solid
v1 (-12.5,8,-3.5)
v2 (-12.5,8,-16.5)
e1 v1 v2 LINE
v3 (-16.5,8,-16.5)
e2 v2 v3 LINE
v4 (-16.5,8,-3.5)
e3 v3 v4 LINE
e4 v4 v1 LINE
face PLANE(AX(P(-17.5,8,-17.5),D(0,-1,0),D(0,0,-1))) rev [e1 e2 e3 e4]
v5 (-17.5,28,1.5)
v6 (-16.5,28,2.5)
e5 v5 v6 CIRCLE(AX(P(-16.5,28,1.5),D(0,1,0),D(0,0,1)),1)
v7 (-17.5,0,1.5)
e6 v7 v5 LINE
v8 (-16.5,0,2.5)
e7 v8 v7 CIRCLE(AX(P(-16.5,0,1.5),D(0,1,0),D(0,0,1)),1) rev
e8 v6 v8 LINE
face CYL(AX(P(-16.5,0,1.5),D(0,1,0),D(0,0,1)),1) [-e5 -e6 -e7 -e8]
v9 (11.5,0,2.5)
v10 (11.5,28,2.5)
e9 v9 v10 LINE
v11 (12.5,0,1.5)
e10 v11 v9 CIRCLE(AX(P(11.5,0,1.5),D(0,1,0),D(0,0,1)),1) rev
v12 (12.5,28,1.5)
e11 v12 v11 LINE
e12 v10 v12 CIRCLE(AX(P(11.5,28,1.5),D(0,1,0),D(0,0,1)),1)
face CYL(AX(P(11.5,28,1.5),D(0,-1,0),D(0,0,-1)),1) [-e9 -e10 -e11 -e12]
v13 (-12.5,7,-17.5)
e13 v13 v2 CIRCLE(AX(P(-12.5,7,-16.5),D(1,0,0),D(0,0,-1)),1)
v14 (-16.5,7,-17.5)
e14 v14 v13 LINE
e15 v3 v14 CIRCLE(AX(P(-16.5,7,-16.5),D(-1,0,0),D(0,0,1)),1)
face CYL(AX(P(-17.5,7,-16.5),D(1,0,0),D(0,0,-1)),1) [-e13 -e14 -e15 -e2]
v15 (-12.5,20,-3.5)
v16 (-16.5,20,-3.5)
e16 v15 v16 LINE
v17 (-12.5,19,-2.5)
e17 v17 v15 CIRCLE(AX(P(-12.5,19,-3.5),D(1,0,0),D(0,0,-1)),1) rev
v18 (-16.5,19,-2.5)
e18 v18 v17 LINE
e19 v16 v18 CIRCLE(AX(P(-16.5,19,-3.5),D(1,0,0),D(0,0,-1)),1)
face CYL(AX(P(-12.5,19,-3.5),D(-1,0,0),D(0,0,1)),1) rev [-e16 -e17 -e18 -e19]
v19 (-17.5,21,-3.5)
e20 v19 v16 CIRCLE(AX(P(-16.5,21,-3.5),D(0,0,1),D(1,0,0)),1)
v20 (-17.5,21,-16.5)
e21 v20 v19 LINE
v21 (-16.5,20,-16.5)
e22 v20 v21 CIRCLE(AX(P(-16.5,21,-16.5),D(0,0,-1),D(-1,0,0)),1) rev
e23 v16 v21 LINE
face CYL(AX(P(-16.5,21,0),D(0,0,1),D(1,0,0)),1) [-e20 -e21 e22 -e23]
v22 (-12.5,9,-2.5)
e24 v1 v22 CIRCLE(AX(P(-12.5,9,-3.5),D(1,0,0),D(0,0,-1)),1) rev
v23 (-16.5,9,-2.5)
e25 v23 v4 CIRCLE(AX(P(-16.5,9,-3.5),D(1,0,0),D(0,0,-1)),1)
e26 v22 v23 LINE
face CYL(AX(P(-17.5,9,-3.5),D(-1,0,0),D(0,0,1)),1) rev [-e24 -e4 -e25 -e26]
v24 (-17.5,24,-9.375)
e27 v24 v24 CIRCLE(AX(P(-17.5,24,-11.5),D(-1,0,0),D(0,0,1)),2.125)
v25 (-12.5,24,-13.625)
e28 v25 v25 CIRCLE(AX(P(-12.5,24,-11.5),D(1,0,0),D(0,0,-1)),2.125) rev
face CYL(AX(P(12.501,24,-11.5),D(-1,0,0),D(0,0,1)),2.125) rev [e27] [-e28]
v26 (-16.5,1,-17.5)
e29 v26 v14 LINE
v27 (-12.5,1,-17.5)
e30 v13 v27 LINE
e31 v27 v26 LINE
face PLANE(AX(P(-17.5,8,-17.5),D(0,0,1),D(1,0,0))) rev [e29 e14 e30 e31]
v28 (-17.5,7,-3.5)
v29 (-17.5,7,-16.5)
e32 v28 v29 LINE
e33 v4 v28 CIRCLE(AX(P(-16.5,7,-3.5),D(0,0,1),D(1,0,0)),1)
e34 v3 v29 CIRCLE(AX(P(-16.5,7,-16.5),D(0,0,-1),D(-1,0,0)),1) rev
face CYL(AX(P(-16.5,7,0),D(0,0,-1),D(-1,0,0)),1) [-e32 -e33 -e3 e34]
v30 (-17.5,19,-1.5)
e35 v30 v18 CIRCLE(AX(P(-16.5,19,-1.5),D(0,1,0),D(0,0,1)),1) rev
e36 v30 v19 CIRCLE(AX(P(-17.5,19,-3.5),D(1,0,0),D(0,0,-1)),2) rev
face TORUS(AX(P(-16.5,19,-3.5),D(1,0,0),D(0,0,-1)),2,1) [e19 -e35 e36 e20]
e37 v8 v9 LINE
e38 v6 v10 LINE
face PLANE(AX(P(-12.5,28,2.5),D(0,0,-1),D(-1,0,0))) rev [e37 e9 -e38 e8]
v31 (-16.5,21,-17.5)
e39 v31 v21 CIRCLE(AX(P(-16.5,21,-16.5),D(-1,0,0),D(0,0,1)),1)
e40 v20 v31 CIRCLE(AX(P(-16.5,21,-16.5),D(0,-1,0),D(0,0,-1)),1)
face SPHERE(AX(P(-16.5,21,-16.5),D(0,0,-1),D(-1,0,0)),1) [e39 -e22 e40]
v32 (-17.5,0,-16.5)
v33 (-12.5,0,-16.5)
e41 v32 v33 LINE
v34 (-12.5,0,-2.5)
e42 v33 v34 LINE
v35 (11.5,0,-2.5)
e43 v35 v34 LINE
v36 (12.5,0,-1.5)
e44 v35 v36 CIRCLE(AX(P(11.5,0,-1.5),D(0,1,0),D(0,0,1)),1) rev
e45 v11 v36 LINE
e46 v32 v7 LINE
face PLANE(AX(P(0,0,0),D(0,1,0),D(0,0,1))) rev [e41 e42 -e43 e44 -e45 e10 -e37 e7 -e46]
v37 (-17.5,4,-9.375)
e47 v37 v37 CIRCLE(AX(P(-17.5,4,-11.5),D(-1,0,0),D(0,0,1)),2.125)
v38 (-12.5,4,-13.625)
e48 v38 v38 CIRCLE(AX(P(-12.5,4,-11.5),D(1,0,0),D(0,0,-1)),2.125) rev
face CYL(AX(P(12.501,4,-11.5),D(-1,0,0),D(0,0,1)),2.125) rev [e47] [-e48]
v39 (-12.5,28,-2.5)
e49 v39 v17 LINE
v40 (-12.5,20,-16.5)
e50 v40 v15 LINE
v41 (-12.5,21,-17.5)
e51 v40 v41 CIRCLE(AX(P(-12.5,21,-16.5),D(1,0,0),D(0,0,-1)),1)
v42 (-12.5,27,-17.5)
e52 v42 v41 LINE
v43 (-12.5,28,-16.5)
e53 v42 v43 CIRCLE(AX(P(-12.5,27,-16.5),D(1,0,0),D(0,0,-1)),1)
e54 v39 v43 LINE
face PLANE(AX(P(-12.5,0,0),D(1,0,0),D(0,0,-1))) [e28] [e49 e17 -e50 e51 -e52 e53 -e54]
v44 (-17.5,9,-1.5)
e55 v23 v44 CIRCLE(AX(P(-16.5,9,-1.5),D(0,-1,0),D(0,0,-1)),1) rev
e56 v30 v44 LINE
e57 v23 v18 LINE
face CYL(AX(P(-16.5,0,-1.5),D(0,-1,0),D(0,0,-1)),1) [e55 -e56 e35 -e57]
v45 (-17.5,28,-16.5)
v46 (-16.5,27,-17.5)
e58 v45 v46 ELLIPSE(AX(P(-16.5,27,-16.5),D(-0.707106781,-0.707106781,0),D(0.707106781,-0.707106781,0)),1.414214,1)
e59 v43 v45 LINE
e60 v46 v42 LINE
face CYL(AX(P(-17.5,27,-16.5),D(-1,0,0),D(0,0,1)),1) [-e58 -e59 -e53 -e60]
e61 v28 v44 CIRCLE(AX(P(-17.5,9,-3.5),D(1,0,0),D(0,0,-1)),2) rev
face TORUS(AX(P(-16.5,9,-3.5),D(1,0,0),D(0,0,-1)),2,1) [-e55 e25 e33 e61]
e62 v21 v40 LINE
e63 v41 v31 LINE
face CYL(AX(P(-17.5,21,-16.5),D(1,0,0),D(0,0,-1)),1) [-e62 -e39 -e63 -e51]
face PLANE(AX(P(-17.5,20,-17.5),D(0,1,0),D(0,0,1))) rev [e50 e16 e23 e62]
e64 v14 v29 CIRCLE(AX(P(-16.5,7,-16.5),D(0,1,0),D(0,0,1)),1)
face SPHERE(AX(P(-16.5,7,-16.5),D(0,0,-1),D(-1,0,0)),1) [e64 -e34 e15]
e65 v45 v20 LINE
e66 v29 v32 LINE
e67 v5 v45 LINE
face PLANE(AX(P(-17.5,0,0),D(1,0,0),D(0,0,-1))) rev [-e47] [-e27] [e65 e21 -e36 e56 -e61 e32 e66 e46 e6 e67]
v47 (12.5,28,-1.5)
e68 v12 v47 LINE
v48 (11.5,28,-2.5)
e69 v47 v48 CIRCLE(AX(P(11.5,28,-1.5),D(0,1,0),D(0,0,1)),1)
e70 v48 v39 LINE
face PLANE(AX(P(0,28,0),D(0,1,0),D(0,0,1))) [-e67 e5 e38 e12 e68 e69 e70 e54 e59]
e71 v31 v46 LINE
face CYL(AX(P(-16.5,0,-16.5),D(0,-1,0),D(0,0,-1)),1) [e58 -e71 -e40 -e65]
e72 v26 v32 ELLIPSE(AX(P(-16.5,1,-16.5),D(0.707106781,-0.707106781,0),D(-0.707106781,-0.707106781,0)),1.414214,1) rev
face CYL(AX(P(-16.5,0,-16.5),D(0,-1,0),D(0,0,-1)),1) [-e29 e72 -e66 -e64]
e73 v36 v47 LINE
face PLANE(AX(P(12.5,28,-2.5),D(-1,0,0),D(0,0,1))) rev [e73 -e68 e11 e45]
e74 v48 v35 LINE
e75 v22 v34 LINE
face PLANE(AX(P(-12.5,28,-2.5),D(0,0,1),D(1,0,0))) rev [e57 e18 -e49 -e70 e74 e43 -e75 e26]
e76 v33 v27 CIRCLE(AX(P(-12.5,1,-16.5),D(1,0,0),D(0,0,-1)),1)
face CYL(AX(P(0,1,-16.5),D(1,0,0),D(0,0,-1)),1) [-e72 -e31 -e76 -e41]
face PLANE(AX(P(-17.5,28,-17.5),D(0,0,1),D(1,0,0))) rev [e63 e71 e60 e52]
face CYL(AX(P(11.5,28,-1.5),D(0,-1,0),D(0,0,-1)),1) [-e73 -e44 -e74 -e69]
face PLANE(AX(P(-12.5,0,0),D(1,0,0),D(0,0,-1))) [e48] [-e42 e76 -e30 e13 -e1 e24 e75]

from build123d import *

# Parameters (mm, degrees)
SKETCH1_W           = 25
SKETCH1_H           = 5
BOSS_EXTRUDE1_DEPTH = 28
BOSS_EXTRUDE3_DEPTH = 5
FILLET2_R           = 1
CUT_EXTRUDE2_REACH  = 46.612
SKETCH5_R           = 2.125


with BuildPart() as part:
    # Sketch1 → Boss-Extrude1 (new body)
    with BuildSketch(Plane(origin=(0, 0, 0), x_dir=(1, 0, 0), z_dir=(0, 1, 0))):
        Rectangle(SKETCH1_W, SKETCH1_H)
    extrude(amount=BOSS_EXTRUDE1_DEPTH)

    # Sketch4 → Boss-Extrude3 (add)
    with BuildSketch(Plane.ZY.offset(12.5)):
        Polygon((-17.5, 20), (-2.5, 20), (-2.5, 8), (-17.5, 8), (-17.5, 0), (2.5, 0), (2.5, 28), (-17.5, 28), align=None)
    extrude(amount=BOSS_EXTRUDE3_DEPTH)

    # Fillet2
    fillet2_edges = [part.edges().sort_by_distance(p)[0] for p in [
        (-15, 28, -17.5),
        (-15, 20, -17.5),
        (-15, 20, -2.5),
        (-15, 8, -2.5),
        (-15, 8, -17.5),
        (-15, 0, -17.5),
        (-17.5, 14, 2.5),
        (-17.5, 24, -17.5),
        (-17.5, 20, -10),
        (-17.5, 14, -2.5),
        (-17.5, 8, -10),
        (-17.5, 4, -17.5),
        (12.5, 14, 2.5),
        (12.5, 14, -2.5),
    ]]
    fillet(fillet2_edges, radius=FILLET2_R)

    # Sketch5 → Cut-Extrude2 (cut, up to next)
    with BuildSketch(Plane.ZY.offset(17.5), mode=Mode.PRIVATE) as cut_extrude2_sk1:
        with Locations((-11.5, 24)):
            Circle(SKETCH5_R)
    cut_extrude2_tool1 = extrude(cut_extrude2_sk1.sketch, amount=-CUT_EXTRUDE2_REACH, mode=Mode.PRIVATE) & part.part
    # Sketch5 → Cut-Extrude2 (cut, up to next)
    with BuildSketch(Plane.ZY.offset(17.5), mode=Mode.PRIVATE) as cut_extrude2_sk2:
        with Locations((-11.5, 4)):
            Circle(SKETCH5_R)
    cut_extrude2_tool2 = extrude(cut_extrude2_sk2.sketch, amount=-CUT_EXTRUDE2_REACH, mode=Mode.PRIVATE) & part.part
    add(cut_extrude2_tool1.solids().sort_by_distance((-17.5, 24, -11.5))[0], mode=Mode.SUBTRACT)
    add(cut_extrude2_tool2.solids().sort_by_distance((-17.5, 4, -11.5))[0], mode=Mode.SUBTRACT)


solid = part.part
